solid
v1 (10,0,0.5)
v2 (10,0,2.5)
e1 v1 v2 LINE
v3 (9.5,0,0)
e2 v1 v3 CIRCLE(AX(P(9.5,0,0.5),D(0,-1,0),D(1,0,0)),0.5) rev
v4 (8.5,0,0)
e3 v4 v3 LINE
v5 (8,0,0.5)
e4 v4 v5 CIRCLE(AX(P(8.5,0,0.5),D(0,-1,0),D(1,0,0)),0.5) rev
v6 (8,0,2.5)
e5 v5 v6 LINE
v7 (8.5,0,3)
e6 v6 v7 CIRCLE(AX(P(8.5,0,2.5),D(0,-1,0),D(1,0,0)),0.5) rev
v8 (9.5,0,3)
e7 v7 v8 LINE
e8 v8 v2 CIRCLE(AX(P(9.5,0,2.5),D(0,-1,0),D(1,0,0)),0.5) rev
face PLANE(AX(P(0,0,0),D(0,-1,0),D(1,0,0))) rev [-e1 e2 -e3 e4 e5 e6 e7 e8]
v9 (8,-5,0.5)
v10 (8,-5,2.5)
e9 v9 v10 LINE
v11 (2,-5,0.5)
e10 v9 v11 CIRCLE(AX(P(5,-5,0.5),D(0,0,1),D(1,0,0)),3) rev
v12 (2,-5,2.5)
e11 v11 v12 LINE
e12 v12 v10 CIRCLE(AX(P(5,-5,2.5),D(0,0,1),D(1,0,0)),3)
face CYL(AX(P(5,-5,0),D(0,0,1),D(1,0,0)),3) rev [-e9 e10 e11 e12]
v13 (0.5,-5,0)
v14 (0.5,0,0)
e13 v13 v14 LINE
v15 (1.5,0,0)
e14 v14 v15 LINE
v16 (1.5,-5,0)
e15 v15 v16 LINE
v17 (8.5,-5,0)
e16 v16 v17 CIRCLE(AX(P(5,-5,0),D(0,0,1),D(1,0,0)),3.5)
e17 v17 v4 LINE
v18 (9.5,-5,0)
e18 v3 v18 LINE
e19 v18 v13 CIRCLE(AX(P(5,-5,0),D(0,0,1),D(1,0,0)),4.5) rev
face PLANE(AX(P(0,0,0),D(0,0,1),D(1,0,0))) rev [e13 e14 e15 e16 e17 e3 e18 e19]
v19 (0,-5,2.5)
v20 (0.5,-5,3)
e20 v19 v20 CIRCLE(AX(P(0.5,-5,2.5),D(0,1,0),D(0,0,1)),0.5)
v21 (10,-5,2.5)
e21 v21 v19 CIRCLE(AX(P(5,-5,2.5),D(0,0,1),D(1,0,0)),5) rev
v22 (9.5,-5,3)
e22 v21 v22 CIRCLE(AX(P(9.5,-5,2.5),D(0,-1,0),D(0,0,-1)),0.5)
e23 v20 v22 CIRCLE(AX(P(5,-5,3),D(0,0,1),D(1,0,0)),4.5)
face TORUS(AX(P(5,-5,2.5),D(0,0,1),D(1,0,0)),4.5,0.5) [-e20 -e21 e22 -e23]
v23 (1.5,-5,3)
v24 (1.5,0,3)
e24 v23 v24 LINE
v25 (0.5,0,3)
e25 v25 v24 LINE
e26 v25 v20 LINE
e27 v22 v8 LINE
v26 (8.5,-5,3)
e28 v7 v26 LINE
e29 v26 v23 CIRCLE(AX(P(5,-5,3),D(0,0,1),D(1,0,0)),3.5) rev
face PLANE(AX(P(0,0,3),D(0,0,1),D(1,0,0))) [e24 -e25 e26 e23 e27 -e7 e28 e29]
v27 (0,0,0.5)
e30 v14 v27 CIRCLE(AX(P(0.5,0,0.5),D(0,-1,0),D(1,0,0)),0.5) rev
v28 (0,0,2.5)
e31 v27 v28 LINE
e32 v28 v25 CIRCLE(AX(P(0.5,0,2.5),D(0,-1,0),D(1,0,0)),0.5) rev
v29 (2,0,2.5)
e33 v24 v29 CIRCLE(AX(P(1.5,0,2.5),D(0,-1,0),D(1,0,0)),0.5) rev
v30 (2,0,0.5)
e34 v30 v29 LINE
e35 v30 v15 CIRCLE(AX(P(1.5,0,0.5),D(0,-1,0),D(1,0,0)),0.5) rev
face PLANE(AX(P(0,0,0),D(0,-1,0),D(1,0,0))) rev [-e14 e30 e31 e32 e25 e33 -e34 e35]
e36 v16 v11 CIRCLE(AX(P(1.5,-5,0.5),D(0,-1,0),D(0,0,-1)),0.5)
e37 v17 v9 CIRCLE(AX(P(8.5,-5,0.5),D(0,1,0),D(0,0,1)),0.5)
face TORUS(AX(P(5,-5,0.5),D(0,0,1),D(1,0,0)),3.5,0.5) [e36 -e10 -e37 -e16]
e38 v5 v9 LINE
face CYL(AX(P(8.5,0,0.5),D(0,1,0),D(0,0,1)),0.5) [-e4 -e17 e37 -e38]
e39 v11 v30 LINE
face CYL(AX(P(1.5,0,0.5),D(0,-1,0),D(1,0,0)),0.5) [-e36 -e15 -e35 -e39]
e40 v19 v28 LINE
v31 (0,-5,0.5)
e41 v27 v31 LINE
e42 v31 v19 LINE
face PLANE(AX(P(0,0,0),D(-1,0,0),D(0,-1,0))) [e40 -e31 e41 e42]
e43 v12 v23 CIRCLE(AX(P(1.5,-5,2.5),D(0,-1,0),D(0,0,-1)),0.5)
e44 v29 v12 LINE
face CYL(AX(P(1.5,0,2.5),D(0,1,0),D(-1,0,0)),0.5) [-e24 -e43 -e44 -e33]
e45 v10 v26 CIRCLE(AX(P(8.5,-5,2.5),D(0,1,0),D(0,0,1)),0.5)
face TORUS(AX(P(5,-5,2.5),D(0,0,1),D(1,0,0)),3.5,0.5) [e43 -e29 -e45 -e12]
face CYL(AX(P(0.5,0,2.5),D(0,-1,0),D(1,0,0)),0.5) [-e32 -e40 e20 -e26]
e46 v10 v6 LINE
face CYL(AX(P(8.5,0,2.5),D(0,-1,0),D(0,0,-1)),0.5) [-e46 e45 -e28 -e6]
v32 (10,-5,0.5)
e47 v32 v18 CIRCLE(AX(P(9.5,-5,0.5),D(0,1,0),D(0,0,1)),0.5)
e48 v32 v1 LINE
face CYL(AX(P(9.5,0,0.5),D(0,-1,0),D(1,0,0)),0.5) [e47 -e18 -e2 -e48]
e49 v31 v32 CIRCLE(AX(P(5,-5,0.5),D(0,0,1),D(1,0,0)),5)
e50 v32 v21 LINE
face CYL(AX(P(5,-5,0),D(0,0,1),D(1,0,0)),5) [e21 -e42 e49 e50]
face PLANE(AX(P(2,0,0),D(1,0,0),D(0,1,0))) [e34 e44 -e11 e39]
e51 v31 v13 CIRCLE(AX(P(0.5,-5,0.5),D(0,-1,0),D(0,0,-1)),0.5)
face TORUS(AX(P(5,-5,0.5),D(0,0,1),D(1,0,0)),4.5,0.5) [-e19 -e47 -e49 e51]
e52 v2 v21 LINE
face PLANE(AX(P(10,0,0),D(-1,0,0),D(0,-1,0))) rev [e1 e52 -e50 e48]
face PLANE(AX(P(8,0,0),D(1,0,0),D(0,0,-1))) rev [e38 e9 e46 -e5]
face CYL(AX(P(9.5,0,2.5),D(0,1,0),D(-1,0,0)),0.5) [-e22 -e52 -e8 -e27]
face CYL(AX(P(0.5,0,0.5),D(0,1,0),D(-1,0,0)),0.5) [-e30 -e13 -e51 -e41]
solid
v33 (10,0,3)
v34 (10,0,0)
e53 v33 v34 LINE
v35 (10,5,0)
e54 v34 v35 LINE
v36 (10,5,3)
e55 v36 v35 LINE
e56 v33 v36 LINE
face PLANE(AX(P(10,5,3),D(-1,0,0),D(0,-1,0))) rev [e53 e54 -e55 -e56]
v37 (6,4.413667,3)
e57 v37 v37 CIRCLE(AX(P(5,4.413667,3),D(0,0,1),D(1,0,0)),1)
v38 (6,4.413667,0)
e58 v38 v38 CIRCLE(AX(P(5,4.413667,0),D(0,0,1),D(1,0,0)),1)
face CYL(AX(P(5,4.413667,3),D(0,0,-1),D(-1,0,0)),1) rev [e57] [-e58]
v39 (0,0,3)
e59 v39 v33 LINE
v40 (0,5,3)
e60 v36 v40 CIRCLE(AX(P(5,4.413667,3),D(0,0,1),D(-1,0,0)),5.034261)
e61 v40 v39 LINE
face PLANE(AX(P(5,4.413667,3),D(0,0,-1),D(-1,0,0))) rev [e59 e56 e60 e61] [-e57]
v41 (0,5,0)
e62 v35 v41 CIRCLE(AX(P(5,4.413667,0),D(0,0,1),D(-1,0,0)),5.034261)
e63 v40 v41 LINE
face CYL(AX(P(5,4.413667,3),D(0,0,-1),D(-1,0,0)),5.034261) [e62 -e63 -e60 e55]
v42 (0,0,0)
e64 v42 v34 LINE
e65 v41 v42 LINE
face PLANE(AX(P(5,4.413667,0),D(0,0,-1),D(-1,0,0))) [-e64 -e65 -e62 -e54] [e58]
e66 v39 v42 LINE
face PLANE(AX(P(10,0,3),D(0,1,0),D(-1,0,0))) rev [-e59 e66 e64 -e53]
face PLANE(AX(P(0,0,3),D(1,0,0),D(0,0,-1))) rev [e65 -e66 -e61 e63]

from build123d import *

# Parameters (mm, degrees)
SKETCH1_R           = 1
BOSS_EXTRUDE1_DEPTH = 3
BOSS_EXTRUDE2_DEPTH = 3
FILLET7_R           = 0.5


with BuildPart() as part:
    # Sketch1 → Boss-Extrude1 (new body)
    with BuildSketch(Plane.XY):
        with BuildLine():
            Line((0, 0), (0, 5))
            ThreePointArc((0, 5), (5, 9.447928245), (10, 5))
            Line((10, 5), (10, 0))
            Line((10, 0), (0, 0))
        make_face()
        with Locations((5, 4.413666988)):
            Circle(SKETCH1_R, mode=Mode.SUBTRACT)
    extrude(amount=BOSS_EXTRUDE1_DEPTH)


with BuildPart() as body_2:
    # Sketch2 → Boss-Extrude2 (new body)
    with BuildSketch(Plane.XY.offset(3)):
        with BuildLine():
            ThreePointArc((2, -1), (0.527864045, -2.763932023), (0, -5))
            ThreePointArc((0, -5), (5, -10), (10, -5))
            ThreePointArc((10, -5), (9.472135955, -2.763932023), (8, -1))
            Line((8, -1), (8, -5))
            ThreePointArc((8, -5), (5, -8), (2, -5))
            Line((2, -5), (2, -1))
        make_face()
        with BuildLine():
            Line((2, 0), (0, 0))
            Line((0, 0), (0, -5))
            ThreePointArc((0, -5), (0.527864045, -2.763932023), (2, -1))
            Line((2, -1), (2, 0))
        make_face()
        with BuildLine():
            ThreePointArc((8, -1), (9.472135955, -2.763932023), (10, -5))
            Line((10, -5), (10, 0))
            Line((10, 0), (8, 0))
            Line((8, 0), (8, -1))
        make_face()
    extrude(amount=-BOSS_EXTRUDE2_DEPTH)

    # Fillet7
    fillet7_edges = [body_2.edges().sort_by_distance(p)[0] for p in [
        (10, -2.5, 3),
        (5, -10, 3),
        (0, -2.5, 3),
        (2, -2.5, 3),
        (5, -8, 3),
        (0, -2.5, 0),
        (5, -10, 0),
        (10, -2.5, 0),
        (8, -2.5, 0),
        (5, -8, 0),
        (2, -2.5, 0),
        (8, -2.5, 3),
    ]]
    fillet(fillet7_edges, radius=FILLET7_R)


solid = Compound([part.part, body_2.part])
